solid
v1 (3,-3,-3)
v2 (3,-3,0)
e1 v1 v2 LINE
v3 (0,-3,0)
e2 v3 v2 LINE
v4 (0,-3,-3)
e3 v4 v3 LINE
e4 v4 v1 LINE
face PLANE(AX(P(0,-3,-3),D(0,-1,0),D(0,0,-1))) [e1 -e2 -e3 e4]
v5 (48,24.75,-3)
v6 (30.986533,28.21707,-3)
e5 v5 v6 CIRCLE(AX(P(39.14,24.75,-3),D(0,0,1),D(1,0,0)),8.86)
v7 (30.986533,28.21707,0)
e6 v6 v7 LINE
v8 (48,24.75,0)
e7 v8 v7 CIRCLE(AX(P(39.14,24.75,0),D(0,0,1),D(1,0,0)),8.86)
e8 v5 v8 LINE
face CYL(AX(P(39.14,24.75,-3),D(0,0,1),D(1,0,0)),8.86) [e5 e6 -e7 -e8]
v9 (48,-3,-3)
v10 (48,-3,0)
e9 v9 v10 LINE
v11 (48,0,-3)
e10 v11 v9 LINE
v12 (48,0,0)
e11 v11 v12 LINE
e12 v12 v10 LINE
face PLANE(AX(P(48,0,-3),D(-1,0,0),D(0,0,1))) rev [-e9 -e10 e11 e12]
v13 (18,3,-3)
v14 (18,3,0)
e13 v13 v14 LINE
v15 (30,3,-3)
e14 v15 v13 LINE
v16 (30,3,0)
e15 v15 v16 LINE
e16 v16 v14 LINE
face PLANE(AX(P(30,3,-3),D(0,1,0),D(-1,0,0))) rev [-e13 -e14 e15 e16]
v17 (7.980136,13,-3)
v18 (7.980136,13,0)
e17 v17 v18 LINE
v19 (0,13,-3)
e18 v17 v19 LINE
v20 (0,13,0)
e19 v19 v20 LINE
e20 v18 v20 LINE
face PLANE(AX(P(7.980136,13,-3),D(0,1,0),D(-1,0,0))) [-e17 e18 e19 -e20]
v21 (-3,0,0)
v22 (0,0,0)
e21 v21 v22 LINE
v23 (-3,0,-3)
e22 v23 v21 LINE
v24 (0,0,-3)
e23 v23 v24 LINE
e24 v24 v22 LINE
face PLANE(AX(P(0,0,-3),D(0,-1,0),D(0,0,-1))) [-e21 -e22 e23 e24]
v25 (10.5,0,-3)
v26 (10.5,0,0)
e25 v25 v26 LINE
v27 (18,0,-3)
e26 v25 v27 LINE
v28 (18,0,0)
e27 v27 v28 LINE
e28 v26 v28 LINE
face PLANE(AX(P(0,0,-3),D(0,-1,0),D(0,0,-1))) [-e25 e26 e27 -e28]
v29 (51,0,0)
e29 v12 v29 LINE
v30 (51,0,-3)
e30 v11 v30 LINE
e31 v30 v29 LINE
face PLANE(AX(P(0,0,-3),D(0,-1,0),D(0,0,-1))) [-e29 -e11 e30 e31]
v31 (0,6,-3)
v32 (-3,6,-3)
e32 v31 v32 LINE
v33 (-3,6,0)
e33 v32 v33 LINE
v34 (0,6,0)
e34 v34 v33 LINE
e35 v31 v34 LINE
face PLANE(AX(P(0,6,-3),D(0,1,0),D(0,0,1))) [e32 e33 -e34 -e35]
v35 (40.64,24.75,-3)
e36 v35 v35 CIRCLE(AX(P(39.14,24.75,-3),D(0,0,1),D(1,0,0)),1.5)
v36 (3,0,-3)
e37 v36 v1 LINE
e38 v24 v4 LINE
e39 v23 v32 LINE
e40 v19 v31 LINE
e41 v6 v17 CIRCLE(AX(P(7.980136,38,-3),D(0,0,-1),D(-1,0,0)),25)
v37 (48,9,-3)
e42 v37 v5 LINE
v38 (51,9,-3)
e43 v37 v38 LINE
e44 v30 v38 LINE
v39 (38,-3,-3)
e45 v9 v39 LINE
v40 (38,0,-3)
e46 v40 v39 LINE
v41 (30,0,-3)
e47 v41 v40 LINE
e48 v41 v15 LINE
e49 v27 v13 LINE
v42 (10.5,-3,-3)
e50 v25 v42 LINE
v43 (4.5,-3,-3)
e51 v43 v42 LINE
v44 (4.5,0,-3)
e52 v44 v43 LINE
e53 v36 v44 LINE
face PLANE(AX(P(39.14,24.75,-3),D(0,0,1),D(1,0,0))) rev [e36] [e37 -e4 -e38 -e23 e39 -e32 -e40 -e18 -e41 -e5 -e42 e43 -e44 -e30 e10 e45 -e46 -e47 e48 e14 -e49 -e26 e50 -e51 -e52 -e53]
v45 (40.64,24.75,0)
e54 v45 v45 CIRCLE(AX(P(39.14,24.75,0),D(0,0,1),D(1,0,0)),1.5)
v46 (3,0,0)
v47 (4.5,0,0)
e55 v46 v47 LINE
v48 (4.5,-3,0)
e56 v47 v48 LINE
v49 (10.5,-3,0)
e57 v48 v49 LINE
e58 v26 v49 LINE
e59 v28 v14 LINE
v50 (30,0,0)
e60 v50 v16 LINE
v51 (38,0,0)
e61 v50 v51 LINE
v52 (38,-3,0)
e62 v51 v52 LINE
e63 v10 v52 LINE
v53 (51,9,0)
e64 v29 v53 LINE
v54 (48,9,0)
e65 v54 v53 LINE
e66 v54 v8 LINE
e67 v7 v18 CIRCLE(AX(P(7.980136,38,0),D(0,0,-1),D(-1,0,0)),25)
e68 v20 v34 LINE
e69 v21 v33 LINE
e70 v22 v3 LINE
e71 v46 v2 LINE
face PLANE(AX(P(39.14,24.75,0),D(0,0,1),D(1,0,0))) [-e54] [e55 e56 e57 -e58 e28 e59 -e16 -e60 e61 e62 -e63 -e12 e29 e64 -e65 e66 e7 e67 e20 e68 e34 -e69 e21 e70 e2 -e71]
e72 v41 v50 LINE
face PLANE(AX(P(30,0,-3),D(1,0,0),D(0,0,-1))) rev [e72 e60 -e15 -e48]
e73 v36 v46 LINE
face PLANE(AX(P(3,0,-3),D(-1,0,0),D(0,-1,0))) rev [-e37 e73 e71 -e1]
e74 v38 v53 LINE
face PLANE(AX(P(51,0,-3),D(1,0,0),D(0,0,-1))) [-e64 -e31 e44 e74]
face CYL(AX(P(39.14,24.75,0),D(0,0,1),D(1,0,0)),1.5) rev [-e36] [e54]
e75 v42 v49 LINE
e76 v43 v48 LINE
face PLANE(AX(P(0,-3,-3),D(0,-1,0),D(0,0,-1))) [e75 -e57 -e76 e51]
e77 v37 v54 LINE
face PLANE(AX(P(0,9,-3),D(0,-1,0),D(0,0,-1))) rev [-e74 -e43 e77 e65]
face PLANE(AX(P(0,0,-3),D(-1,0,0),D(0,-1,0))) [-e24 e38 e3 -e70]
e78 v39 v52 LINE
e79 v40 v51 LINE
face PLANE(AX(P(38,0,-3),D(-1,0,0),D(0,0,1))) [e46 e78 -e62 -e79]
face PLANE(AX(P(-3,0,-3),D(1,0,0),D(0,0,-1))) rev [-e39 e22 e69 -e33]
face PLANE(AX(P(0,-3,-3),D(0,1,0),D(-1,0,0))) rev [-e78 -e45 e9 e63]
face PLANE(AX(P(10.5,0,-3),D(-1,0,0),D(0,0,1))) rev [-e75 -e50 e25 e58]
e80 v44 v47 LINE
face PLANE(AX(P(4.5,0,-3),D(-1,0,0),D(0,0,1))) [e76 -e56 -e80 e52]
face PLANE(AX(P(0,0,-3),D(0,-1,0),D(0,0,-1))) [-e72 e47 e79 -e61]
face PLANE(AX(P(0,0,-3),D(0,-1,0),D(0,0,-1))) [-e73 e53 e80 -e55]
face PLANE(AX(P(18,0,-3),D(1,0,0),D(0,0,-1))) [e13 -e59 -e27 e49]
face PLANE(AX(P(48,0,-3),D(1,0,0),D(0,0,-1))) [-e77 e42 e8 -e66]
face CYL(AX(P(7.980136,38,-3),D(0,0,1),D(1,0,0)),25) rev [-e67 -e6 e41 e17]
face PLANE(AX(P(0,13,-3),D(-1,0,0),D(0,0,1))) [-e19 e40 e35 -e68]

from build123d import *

# Parameters (mm, degrees)
RESSALTO_EXTRUS_O1_DEPTH   = 3
ESBO_O2_W                  = 12
ESBO_O2_H                  = 3
CORTE_EXTRUS_O1_DEPTH      = 59.67394737
FURO_DE_DI_METRO_3_0_3_1_D = 3
ESBO_O5_W                  = 3
ESBO_O5_H                  = 6
ESBO_O5_H_2                = 3
ESBO_O5_W_2                = 6
ESBO_O5_H_3                = 9
ESBO_O5_W_3                = 10
RESSALTO_EXTRUS_O2_DEPTH   = 3


with BuildPart() as part:
    # Esboço1 → Ressalto-extrusão1 (new body)
    with BuildSketch(Plane.XY):
        with BuildLine():
            Line((0, 0), (48, 0))
            Line((48, 0), (48, 24.75))
            ThreePointArc((48, 24.75), (40.90916402, 33.431570058), (30.986533031, 28.217070289))
            ThreePointArc((30.986533031, 28.217070289), (21.771923029, 17.148462374), (7.980136393, 13))
            Line((7.980136393, 13), (0, 13))
            Line((0, 13), (0, 0))
        make_face()
    extrude(amount=-RESSALTO_EXTRUS_O1_DEPTH)

    # Esboço2 → Corte-extrusão1 (cut, through all)
    with BuildSketch(Plane.XY):
        with Locations((24, 1.5)):
            Rectangle(ESBO_O2_W, ESBO_O2_H)
    extrude(amount=-CORTE_EXTRUS_O1_DEPTH, mode=Mode.SUBTRACT)

    # Furo de diâmetro Ø3.0 (3)1 (through all)
    with Locations(Plane.XY):
        with Locations((39.14, 24.75)):
            Hole(FURO_DE_DI_METRO_3_0_3_1_D / 2)

    # Esboço5 → Ressalto-extrusão2 (add, through all)
    with BuildSketch(Plane.XY):
        with Locations((-1.5, 3)):
            Rectangle(ESBO_O5_W, ESBO_O5_H)
        with Locations((1.5, -1.5)):
            Rectangle(ESBO_O5_W, ESBO_O5_H_2)
        with Locations((7.5, -1.5)):
            Rectangle(ESBO_O5_W_2, ESBO_O5_H_2)
        with Locations((49.5, 4.5)):
            Rectangle(ESBO_O5_W, ESBO_O5_H_3)
        with Locations((43, -1.5)):
            Rectangle(ESBO_O5_W_3, ESBO_O5_H_2)
    extrude(amount=-RESSALTO_EXTRUS_O2_DEPTH)


solid = part.part
